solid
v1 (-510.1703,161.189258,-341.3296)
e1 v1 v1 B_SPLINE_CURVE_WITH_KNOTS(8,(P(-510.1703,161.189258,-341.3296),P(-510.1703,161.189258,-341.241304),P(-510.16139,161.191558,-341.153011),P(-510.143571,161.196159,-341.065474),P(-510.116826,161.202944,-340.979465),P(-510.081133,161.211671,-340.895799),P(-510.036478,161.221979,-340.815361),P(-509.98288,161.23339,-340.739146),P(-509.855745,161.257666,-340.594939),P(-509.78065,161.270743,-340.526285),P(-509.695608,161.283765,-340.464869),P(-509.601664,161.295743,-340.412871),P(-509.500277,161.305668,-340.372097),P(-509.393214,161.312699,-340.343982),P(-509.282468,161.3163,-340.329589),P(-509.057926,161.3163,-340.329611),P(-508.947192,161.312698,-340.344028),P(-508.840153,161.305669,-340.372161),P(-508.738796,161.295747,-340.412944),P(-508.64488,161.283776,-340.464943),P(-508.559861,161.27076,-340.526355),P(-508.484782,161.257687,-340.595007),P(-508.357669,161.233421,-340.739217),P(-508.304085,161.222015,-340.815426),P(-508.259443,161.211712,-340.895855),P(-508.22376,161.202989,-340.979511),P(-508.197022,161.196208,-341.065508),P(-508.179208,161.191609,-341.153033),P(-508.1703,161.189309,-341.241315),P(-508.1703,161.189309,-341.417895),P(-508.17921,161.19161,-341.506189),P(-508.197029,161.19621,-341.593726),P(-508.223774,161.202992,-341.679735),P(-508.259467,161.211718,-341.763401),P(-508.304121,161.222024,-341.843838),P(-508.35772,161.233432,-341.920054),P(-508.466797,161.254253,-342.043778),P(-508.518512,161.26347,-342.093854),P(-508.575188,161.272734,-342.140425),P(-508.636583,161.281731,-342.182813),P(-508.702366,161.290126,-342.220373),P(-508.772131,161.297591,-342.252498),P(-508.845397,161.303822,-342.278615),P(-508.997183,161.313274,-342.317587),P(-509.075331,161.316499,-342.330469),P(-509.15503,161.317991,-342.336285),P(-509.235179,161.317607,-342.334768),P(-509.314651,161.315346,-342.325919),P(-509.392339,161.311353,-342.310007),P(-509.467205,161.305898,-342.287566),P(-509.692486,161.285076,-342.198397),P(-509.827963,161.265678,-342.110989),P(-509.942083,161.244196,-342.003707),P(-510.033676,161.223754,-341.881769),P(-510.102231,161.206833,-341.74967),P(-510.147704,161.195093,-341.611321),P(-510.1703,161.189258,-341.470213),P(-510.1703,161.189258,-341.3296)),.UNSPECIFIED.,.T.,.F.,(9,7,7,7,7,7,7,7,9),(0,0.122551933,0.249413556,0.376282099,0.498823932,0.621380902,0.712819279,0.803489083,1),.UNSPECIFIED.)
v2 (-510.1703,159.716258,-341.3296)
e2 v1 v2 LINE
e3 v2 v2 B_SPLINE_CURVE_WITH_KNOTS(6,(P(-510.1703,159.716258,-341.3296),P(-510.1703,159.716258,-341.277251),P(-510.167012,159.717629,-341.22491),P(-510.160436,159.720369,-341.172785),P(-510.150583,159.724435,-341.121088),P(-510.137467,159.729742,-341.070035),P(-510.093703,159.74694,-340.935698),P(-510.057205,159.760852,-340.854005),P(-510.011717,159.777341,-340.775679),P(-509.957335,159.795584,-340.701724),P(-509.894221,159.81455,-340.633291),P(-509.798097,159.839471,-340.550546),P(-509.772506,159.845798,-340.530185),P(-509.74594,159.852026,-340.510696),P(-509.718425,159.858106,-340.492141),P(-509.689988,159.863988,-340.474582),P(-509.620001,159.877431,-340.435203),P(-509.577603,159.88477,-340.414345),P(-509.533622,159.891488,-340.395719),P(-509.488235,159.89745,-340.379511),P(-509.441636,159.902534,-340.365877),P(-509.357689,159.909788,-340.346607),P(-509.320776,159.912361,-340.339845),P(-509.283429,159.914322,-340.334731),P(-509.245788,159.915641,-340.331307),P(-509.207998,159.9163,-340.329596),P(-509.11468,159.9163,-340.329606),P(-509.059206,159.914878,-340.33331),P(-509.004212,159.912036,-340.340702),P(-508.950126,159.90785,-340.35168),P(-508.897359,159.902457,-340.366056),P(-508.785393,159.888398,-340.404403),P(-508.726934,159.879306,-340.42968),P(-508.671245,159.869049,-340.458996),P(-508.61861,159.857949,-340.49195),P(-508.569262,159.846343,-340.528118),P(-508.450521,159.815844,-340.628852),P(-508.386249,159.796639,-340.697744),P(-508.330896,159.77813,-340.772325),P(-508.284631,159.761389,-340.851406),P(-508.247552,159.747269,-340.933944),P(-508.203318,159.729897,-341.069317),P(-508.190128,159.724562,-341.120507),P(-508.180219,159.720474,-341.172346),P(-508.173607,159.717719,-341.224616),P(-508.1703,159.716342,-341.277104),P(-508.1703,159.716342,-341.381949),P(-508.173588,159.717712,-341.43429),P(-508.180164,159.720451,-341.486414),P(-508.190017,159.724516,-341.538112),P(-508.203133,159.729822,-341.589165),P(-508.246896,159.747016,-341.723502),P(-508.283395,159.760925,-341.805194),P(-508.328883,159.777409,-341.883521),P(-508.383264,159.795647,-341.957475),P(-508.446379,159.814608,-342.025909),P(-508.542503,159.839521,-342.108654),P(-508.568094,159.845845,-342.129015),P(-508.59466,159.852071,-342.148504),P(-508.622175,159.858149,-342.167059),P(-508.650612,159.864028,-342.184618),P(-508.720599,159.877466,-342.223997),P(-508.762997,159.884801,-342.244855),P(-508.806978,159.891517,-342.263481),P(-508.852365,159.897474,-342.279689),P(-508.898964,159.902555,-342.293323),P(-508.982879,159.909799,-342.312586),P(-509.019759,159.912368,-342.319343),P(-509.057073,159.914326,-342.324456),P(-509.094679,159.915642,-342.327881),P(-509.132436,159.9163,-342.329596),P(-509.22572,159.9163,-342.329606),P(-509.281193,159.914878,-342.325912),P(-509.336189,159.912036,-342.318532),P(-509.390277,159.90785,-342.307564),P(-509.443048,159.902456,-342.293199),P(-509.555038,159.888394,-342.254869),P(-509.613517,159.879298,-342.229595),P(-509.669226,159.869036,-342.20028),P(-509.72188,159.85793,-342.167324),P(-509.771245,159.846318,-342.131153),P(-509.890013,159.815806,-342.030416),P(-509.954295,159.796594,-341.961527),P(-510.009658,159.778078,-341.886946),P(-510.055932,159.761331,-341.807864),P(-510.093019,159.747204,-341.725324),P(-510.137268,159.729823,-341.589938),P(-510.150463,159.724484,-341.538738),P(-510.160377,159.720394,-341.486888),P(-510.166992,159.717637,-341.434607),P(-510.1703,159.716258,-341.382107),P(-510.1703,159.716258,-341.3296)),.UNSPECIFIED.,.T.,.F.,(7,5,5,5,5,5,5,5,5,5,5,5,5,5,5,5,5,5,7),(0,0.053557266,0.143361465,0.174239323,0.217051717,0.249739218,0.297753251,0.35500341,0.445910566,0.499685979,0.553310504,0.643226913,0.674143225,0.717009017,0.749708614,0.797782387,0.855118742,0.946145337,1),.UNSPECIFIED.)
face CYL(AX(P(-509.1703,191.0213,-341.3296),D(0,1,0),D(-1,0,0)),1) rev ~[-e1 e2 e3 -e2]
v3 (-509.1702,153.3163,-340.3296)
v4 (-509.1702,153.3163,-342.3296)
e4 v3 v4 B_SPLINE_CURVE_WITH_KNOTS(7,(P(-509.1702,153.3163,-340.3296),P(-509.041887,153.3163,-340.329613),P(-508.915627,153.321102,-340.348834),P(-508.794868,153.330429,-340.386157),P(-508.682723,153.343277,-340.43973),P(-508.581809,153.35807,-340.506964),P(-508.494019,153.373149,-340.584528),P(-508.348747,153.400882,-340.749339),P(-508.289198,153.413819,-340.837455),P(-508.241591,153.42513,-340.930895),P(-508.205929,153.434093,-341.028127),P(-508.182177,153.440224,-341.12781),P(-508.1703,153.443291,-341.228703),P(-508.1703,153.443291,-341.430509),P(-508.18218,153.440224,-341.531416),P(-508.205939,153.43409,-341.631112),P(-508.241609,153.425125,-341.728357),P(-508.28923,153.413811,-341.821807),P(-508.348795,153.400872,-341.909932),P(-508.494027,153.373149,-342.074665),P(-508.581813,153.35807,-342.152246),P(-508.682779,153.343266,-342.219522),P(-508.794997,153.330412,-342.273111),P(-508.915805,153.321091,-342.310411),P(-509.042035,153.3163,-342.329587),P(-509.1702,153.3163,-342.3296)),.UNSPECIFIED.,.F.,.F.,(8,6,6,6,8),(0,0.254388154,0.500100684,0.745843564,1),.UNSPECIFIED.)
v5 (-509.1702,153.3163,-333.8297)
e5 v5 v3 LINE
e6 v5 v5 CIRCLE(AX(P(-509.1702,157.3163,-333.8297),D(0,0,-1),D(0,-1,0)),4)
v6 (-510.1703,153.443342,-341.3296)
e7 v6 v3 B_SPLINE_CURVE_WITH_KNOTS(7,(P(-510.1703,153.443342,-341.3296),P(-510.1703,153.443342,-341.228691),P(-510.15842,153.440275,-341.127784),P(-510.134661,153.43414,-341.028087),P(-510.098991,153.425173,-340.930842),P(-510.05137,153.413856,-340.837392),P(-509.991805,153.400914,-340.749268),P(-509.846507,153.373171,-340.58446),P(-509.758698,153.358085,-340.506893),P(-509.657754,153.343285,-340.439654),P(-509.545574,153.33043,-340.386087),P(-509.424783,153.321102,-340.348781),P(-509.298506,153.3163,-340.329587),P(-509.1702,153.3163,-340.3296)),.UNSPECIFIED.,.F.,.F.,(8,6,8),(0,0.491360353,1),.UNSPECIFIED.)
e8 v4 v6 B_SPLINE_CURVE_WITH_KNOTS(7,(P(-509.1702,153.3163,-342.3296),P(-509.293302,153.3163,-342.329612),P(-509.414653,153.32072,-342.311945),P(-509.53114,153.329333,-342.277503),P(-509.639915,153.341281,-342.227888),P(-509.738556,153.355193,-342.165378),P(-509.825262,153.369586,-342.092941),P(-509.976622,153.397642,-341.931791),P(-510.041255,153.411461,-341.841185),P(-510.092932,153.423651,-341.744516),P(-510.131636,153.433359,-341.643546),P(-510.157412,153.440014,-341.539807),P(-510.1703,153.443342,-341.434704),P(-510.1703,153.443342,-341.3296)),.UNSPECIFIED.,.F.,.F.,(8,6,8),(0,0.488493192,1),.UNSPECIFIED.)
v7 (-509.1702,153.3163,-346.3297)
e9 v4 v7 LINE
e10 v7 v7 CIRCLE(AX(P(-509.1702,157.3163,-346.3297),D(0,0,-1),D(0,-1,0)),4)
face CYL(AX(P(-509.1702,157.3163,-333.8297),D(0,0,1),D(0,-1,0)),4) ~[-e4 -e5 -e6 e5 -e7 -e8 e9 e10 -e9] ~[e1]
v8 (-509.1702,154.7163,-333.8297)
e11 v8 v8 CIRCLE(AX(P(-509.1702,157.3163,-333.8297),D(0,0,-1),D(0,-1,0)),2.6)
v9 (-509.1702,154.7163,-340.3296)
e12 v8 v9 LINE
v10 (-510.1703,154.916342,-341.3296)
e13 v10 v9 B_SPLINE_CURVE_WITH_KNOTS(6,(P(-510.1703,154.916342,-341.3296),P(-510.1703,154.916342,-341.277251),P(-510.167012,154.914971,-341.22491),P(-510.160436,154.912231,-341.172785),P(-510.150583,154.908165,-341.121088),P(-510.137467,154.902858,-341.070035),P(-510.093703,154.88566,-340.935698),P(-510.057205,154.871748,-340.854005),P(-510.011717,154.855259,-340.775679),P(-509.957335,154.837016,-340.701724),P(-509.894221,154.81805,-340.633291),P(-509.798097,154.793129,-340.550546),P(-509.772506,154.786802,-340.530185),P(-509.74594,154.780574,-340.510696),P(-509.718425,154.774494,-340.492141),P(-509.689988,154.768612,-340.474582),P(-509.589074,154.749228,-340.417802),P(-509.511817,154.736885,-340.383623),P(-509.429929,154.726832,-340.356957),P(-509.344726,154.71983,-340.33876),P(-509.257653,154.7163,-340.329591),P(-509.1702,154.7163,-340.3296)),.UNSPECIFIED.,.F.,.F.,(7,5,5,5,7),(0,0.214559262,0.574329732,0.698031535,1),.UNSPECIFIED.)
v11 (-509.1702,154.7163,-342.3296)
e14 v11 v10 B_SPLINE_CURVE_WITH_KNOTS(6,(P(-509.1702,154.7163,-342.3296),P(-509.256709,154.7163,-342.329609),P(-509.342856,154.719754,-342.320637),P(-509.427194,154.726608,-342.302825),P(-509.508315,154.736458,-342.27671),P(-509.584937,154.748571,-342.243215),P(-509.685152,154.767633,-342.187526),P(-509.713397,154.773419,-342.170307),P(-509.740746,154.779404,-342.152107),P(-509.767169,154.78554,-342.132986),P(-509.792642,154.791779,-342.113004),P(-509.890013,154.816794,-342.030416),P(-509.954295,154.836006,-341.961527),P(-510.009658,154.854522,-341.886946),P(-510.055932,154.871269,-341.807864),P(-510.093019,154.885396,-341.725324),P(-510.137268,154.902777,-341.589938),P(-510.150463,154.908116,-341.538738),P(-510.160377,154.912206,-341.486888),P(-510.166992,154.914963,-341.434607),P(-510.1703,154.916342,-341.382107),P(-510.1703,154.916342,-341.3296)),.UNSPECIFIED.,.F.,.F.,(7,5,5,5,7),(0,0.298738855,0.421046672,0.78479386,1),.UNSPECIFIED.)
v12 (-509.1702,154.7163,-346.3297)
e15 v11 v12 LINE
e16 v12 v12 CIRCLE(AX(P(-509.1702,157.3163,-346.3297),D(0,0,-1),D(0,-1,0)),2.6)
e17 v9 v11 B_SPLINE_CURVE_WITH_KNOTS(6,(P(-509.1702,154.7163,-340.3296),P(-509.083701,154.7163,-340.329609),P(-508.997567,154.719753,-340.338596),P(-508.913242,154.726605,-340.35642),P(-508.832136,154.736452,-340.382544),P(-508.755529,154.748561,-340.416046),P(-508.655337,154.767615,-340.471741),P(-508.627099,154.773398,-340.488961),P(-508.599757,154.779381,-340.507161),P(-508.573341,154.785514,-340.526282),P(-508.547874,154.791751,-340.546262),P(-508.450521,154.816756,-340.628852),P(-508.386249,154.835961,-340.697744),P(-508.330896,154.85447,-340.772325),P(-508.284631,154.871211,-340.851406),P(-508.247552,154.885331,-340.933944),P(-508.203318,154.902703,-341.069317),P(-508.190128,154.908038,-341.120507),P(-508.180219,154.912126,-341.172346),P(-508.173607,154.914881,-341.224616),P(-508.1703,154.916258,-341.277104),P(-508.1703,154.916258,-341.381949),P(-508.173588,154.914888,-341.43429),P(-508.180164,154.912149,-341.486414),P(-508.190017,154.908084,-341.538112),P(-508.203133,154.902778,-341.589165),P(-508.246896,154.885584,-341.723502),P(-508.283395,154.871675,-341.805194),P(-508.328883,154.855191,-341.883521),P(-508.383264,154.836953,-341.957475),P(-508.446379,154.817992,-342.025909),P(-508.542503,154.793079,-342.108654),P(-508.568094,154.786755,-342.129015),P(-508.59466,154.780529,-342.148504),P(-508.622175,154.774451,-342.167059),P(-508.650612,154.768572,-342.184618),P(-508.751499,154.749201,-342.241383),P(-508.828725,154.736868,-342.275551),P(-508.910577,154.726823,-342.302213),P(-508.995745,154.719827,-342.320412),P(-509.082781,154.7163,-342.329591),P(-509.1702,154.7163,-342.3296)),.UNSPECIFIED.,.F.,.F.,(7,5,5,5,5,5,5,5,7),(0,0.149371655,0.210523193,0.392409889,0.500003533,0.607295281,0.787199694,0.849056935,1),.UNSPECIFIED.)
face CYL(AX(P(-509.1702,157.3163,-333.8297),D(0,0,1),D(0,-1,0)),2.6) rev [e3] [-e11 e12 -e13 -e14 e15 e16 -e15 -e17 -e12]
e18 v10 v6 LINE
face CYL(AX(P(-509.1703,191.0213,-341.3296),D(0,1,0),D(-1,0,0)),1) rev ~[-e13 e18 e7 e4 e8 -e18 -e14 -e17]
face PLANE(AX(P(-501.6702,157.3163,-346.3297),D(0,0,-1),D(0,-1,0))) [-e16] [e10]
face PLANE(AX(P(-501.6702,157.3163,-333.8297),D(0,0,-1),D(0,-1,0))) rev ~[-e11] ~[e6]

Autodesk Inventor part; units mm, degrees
ref_plane "YZ Plane" through (0, 0, 0) normal (1, 0, 0) x (0, 1, 0)
ref_plane "XZ Plane" through (0, 0, 0) normal (0, 1, 0) x (-1, 0, 0)
ref_plane "XY Plane" through (0, 0, 0) normal (0, 0, 1) x (1, 0, 0)
ref_plane "РабПлоскость1" through (-501.6702, 157.3163, -333.8297) normal (0, 0, -1) x (0, -1, 0)
sketch "Эскиз1" plane through (-501.6702, 157.3163, -333.8297) normal (0, 0, -1) x (0, -1, 0)
  arc A0 (-15, 7.5) -> (15, 7.5) centre (0, 7.5) ccw projected
  arc A1 (-7.1, 7.5) -> (7.1, 7.5) centre (0, 7.5) ccw projected
  circle A2 centre (0, 7.5) radius 2.5 projected
  circle A3 centre (0, 7.5) radius 2.6
  circle A4 centre (0, 7.5) radius 4
  point P0 (157.3164, -501.6702)
  dimension "d0" = 5.2
  dimension "d1" = 8
extrude "Выдавливание1" add sketch "Эскиз1" along normal blind 12.5 contours A4
ref_plane "РабПлоскость2" through (-415.5869, 191.0213, -276.3296) normal (0, 1, 0) x (-1, 0, 0)
sketch "Эскиз2" plane through (-415.5869, 191.0213, -276.3296) normal (0, 1, 0) x (-1, 0, 0)
  circle A0 centre (93.5834, -65) radius 1
  ellipse E0 centre (93.5834, -70) end of major axis (97.5834, -70) minor radius 0 projected
  line L0 (89.5834, -57.5) -> (89.5834, -70) projected
  point P0 (-415.5869, 276.3296)
  dimension "d4" = 2
  dimension "d5" = 5
  dimension "d6" = 4
extrude "Выдавливание2" cut sketch "Эскиз2" against normal blind 61.25
properties part number "стопорное почти кольцо"
